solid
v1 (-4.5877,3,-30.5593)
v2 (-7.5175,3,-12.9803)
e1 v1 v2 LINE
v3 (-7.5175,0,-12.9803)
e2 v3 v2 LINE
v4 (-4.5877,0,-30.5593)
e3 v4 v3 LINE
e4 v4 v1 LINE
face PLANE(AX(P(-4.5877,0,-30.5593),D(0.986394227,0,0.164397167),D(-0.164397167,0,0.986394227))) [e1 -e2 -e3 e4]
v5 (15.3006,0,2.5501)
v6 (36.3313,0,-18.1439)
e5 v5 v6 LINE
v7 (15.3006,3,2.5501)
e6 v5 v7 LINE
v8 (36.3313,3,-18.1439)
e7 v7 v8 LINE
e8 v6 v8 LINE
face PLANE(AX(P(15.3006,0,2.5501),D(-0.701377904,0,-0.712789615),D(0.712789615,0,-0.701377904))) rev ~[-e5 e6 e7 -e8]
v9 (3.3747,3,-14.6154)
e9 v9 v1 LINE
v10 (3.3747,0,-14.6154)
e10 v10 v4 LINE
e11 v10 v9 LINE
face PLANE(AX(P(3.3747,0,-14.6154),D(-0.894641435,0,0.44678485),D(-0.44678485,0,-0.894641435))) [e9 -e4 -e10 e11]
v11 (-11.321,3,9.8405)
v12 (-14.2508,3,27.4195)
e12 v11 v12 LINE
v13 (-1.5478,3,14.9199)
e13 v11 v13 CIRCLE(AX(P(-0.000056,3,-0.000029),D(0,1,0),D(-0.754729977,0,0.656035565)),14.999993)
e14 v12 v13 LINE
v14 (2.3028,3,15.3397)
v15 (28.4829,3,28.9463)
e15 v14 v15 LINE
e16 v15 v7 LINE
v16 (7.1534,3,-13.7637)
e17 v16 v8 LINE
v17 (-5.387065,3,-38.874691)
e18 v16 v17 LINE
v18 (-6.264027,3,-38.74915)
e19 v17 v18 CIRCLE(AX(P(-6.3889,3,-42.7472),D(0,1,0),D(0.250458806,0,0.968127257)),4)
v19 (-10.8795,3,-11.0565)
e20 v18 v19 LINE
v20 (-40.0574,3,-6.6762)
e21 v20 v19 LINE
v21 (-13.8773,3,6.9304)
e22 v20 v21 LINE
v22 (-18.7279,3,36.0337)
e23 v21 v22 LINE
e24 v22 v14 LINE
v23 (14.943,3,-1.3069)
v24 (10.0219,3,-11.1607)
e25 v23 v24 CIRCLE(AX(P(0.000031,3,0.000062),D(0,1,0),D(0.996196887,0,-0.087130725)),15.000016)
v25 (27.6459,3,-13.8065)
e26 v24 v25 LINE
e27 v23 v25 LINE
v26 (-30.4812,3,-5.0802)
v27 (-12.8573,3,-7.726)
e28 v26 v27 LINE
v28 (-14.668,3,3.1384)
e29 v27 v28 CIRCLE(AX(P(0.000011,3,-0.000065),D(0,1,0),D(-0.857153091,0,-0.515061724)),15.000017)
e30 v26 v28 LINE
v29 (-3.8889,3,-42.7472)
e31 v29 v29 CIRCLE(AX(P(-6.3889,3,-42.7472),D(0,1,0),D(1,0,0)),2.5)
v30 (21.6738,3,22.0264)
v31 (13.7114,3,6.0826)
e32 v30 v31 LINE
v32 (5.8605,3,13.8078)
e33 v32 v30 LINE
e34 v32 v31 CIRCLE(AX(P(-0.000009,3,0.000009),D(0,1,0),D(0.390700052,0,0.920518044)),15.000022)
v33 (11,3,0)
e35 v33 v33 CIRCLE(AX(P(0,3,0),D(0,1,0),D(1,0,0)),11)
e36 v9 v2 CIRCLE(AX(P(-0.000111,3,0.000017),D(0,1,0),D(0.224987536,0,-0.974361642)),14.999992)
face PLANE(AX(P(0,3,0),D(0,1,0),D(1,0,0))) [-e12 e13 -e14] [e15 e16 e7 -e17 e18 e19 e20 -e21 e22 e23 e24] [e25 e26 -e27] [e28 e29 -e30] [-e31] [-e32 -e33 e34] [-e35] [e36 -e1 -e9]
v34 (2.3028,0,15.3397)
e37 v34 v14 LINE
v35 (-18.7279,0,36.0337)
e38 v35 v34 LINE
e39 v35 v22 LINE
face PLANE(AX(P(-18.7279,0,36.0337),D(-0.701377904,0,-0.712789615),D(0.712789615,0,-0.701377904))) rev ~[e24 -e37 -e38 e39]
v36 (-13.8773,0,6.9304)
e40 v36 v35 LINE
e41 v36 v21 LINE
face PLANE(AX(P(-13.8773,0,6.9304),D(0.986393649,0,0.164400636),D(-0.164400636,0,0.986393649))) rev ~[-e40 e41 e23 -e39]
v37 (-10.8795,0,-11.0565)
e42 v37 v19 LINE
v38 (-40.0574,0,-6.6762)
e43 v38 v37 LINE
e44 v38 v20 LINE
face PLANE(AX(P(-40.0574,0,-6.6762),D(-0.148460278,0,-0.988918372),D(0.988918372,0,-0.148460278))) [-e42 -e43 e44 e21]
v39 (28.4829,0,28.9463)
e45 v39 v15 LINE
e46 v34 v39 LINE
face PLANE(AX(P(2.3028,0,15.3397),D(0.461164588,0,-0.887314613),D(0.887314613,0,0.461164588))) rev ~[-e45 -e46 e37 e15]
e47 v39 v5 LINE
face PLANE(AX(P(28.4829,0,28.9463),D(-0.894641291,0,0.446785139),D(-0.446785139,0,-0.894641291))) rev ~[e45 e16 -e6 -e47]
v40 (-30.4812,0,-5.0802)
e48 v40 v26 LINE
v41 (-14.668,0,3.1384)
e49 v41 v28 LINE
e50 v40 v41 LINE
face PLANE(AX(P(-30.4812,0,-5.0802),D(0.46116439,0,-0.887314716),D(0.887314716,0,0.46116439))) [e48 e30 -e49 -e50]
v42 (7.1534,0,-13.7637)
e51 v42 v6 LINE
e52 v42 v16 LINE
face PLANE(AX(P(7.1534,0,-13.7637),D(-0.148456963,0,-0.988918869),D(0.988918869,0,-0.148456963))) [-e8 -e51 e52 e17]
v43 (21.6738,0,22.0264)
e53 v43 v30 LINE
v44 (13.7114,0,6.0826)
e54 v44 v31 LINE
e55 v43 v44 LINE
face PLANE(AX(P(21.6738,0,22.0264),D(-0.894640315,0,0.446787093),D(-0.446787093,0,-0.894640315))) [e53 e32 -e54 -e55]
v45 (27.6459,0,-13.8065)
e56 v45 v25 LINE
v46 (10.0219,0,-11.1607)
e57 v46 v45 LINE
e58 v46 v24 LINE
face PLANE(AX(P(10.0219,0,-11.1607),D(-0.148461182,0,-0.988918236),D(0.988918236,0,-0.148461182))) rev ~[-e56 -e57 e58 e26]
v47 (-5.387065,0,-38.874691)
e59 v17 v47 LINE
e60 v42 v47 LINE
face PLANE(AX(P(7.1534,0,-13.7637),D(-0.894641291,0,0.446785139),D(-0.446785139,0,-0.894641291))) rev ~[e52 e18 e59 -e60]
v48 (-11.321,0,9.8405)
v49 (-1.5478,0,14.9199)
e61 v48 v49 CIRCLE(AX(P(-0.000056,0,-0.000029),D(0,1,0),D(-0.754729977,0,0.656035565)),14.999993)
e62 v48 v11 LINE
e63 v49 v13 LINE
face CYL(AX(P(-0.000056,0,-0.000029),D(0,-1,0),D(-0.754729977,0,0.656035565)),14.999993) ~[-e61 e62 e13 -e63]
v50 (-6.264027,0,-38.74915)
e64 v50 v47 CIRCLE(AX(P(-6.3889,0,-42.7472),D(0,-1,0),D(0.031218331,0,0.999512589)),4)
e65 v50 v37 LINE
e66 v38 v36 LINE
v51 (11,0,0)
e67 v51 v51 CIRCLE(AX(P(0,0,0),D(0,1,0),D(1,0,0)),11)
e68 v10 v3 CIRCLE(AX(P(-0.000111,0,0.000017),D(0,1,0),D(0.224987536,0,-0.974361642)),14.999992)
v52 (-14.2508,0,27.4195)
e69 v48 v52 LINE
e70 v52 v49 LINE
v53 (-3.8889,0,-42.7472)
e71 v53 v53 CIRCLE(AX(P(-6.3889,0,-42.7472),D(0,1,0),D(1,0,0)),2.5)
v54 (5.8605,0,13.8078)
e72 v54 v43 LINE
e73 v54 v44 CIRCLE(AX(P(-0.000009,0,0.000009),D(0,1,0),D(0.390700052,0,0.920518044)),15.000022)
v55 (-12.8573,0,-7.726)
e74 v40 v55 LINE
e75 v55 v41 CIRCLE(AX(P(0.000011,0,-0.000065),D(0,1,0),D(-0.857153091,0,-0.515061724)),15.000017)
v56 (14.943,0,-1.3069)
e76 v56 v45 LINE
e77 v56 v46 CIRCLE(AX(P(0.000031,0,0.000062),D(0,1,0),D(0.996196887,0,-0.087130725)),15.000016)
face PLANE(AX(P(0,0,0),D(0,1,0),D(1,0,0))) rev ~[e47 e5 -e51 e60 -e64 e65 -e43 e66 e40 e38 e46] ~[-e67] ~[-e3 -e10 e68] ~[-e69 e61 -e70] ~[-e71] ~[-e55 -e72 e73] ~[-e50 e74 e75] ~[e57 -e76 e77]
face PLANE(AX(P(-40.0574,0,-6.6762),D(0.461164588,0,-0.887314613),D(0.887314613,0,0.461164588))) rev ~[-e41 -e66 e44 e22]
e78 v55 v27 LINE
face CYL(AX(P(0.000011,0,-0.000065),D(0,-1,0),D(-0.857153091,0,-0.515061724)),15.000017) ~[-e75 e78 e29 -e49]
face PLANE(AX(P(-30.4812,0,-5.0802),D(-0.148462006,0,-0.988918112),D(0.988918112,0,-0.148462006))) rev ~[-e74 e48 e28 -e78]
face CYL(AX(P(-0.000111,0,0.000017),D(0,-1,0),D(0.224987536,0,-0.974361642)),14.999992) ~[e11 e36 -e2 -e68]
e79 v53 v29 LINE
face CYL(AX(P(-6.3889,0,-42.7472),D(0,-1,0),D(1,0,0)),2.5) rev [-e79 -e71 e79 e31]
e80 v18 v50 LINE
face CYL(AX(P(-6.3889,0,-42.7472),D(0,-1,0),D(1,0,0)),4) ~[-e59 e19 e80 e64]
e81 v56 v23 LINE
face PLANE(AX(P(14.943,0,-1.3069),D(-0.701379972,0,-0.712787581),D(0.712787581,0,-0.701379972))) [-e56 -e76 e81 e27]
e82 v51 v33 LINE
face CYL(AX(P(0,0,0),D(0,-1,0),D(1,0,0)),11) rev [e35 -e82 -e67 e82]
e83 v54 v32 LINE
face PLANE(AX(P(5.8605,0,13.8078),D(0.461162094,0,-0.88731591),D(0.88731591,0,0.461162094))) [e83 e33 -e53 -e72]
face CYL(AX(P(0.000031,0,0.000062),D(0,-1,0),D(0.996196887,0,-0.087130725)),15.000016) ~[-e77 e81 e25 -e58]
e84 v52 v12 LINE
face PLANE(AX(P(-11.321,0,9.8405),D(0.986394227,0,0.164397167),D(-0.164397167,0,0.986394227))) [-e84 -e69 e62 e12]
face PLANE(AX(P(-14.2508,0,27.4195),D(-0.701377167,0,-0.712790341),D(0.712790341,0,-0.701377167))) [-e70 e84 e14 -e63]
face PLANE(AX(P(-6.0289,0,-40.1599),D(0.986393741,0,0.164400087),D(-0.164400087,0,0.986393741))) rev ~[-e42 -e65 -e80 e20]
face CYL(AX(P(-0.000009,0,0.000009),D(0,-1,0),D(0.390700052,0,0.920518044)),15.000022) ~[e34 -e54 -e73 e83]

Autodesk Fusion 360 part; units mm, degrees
sketch "草图1" plane through (0, 0, 0) normal (0, 1, 0) x (1, 0, 0)
  line L0 (-18.7279, -36.0337) -> (2.3028, -15.3397)
  line L1 (2.3028, -15.3397) -> (28.4829, -28.9463)
  line L2 (28.4829, -28.9463) -> (15.3006, -2.5501)
  line L3 (15.3006, -2.5501) -> (36.3313, 18.1439)
  line L4 (7.1534, 13.7637) -> (36.3313, 18.1439)
  line L5 (7.1534, 13.7637) -> (-6.0289, 40.1599)
  line L6 (-6.0289, 40.1599) -> (-10.8795, 11.0565)
  line L7 (-40.0574, 6.6762) -> (-10.8795, 11.0565)
  line L8 (-40.0574, 6.6762) -> (-13.8773, -6.9304)
  line L9 (-13.8773, -6.9304) -> (-18.7279, -36.0337)
  line L10 (-30.4812, 5.0802) -> (-12.8573, 7.726)
  line L11 (10.0219, 11.1607) -> (27.6459, 13.8065)
  line L12 (-4.5877, 30.5593) -> (-7.5175, 12.9803)
  line L13 (-11.321, -9.8405) -> (-14.2508, -27.4195)
  line L14 (-30.4812, 5.0802) -> (-14.668, -3.1384)
  line L15 (5.8605, -13.8078) -> (21.6738, -22.0264)
  line L16 (-14.2508, -27.4195) -> (-1.5478, -14.9199)
  line L17 (14.943, 1.3069) -> (27.6459, 13.8065)
  line L18 (21.6738, -22.0264) -> (13.7114, -6.0826)
  line L19 (3.3747, 14.6154) -> (-4.5877, 30.5593)
  circle A0 centre (0, 0) radius 11
  arc A1 (-12.8573, 7.726) -> (-14.668, -3.1384) centre (0, 0) ccw
  arc A2 (3.3747, 14.6154) -> (-7.5175, 12.9803) centre (0, 0) ccw
  arc A3 (14.943, 1.3069) -> (10.0219, 11.1607) centre (0, 0) ccw
  arc A4 (-11.321, -9.8405) -> (-1.5478, -14.9199) centre (0, 0) ccw
  arc A5 (5.8605, -13.8078) -> (13.7114, -6.0826) centre (0, 0) ccw
  dimension "d3" = 30
  dimension "d8" = 22
sketch "草图3" plane through (0, 0, 0) normal (0, 1, 0) x (1, 0, 0)
  circle A0 centre (-75, 0) radius 2.5
  circle A1 centre (-75, 0) radius 4
  dimension "d4" = 5
  dimension "d5" = 8
extrude "拉伸1" add sketch "草图3" along normal blind 3 makes body 1
extrude "拉伸2" add sketch "草图1" along normal blind 3 separate body makes body 2
move_body "移动1" bodies 1 to x (1, 0, 0) y (0, 1, 0) z (0, 0, 1) at (69.0763, 0, -40.5763)
move_body "移动2" bodies 1 to x (1, 0, 0) y (0, 1, 0) z (0, 0, 1) at (-0.4652, 0, -2.1709)
combine "合并1" operation add target body 2 tool bodies 1
